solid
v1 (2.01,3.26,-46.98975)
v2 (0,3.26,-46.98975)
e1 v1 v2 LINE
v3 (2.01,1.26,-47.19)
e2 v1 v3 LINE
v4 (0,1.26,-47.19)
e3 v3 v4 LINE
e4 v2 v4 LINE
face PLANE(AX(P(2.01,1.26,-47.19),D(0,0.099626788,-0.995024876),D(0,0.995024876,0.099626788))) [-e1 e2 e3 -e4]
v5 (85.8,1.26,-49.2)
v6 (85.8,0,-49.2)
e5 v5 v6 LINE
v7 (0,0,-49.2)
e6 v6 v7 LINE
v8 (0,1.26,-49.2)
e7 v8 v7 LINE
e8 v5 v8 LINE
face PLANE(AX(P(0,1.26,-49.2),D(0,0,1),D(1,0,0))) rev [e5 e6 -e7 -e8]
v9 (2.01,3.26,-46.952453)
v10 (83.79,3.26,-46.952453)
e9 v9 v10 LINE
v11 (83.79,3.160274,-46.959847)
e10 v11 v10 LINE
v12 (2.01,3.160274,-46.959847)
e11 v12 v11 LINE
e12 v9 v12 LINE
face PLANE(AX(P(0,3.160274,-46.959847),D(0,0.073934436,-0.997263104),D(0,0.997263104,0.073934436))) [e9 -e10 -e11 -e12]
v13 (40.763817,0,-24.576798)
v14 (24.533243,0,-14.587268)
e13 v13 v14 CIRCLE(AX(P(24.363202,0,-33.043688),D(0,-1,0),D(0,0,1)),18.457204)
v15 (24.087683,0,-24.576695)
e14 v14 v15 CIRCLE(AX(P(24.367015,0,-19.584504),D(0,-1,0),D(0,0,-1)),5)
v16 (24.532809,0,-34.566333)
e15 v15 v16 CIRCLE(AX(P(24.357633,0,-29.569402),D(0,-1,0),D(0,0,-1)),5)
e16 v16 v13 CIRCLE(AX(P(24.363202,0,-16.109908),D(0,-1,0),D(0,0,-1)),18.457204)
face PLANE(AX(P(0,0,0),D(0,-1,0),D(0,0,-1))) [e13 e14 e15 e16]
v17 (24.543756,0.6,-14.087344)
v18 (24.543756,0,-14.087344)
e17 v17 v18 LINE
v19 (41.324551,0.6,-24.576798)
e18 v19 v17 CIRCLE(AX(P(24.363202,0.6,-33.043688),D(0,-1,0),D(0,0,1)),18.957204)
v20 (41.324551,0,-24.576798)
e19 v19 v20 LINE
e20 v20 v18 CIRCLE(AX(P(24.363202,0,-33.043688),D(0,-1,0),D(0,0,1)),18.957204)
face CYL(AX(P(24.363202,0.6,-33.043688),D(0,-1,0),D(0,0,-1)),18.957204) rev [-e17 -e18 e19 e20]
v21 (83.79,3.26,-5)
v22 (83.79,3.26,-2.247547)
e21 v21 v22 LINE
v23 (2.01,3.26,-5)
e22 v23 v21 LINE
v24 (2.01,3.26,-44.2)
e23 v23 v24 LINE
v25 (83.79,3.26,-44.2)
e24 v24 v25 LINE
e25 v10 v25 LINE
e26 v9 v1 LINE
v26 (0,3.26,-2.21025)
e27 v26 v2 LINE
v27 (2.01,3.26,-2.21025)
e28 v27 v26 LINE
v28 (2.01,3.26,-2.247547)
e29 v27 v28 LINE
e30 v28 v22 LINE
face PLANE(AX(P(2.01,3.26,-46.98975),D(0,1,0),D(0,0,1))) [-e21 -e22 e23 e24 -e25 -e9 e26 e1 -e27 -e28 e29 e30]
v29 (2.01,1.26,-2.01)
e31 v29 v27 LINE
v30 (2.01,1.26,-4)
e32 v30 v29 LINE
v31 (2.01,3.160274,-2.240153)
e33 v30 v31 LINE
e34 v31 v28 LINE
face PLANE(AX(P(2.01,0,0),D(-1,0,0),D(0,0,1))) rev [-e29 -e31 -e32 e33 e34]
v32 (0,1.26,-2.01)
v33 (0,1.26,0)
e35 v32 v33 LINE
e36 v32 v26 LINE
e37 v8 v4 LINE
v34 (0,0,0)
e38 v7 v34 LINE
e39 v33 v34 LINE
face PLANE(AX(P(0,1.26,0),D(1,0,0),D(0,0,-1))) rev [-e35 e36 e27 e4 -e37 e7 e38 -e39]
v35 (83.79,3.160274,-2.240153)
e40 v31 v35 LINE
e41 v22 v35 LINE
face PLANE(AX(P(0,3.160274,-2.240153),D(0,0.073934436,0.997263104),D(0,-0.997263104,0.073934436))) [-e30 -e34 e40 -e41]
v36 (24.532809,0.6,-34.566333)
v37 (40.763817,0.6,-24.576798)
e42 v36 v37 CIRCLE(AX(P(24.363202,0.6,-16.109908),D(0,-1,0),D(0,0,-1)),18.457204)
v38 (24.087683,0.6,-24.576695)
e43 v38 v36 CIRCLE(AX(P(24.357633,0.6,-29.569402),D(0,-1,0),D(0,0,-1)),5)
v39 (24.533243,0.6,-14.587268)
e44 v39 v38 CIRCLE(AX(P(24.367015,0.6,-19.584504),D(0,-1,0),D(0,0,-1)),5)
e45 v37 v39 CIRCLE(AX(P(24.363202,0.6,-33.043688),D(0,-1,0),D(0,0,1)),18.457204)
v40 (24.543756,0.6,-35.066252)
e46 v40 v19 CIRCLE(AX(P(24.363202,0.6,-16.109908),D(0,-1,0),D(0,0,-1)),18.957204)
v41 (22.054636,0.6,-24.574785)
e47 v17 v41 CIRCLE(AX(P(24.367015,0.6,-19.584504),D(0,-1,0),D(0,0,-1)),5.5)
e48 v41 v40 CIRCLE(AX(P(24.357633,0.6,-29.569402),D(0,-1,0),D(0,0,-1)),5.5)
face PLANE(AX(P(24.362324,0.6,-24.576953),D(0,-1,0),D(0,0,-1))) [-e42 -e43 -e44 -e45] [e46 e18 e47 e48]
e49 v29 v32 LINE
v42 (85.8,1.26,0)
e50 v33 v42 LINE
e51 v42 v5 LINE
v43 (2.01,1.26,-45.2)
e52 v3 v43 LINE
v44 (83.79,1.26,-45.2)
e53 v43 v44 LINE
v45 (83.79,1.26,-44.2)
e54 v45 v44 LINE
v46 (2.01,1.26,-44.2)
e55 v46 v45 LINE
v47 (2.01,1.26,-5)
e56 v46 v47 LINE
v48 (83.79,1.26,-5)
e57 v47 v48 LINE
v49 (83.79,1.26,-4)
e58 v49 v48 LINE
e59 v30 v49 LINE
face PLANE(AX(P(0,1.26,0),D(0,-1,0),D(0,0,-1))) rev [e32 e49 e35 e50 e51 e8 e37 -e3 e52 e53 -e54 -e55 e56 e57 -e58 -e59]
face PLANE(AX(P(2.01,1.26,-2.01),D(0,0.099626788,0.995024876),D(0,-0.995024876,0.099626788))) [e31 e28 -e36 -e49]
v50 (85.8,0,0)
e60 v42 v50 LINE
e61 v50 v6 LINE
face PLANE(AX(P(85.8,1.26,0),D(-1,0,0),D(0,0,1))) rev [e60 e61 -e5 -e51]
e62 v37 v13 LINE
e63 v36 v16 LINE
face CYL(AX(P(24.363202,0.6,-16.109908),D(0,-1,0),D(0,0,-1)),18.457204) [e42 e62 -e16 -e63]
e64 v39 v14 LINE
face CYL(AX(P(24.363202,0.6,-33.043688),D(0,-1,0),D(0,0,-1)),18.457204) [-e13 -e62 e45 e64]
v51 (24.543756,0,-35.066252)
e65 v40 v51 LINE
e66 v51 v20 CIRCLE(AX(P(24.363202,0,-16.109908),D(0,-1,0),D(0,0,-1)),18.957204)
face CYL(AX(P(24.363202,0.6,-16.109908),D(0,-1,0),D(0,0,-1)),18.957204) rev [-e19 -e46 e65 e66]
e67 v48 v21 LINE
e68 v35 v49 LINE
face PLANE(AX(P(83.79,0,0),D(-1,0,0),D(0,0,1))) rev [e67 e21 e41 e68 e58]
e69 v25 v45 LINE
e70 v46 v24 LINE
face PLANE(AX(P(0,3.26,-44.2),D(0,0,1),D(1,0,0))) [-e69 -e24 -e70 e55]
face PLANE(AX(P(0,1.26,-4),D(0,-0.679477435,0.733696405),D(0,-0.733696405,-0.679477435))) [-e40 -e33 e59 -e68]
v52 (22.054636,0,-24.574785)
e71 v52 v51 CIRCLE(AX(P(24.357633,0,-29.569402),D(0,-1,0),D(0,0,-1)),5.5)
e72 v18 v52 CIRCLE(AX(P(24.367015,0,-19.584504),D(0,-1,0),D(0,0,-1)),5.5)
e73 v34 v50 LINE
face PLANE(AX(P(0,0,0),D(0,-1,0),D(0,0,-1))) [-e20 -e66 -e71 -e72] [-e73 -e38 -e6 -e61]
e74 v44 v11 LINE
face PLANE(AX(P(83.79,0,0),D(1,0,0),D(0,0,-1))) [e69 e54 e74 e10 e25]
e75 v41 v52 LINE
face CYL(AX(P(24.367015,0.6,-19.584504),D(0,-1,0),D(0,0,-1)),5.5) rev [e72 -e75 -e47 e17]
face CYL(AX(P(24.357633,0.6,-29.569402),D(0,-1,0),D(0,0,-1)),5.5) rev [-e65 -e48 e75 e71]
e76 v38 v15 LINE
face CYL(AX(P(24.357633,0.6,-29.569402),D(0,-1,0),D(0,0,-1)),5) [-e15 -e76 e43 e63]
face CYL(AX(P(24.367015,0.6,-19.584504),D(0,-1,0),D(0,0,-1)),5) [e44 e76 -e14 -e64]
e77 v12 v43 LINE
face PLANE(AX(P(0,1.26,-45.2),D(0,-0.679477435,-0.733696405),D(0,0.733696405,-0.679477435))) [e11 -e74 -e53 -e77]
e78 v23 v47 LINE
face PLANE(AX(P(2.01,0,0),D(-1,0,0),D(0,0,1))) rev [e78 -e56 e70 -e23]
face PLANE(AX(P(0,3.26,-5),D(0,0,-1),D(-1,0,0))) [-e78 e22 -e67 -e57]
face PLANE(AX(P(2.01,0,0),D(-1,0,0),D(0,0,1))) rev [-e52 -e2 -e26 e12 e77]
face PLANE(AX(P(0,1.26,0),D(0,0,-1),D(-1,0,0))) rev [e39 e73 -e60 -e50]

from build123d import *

# Parameters (mm, degrees)
ESBO_O1_W                = 85.8
ESBO_O1_H                = 49.2
RESSALTO_EXTRUS_O1_DEPTH = 1.26
RESSALTO_EXTRUS_O5_DEPTH = 2.01
RESSALTO_EXTRUS_O6_REACH = 102.969
RESSALTO_EXTRUS_O6_START = -2.01
CORTE_EXTRUS_O4_DEPTH    = 0.6


with BuildPart() as part:
    # Esboço1 → Ressalto-extrusão1 (new body)
    with BuildSketch(Plane(origin=(0, 0, 0), x_dir=(1, 0, 0), z_dir=(0, 1, 0))):
        with Locations((42.9, 24.6)):
            Rectangle(ESBO_O1_W, ESBO_O1_H)
    extrude(amount=RESSALTO_EXTRUS_O1_DEPTH)

    # Esboço9 → Ressalto-extrusão5 (add)
    with BuildSketch(Plane.ZY):
        Polygon((-47.19, 1.26), (-46.989750156, 3.26), (-2.210249844, 3.26), (-2.01, 1.26), align=None)
    extrude(amount=-RESSALTO_EXTRUS_O5_DEPTH)

    # Esboço11 → Ressalto-extrusão6 (add, up to next)
    with BuildSketch(Plane(origin=(85.8, 0, 0), x_dir=(0, 0, -1), z_dir=(1, 0, 0)).offset(RESSALTO_EXTRUS_O6_START), mode=Mode.PRIVATE) as ressalto_extrus_o6_sk1:
        Polygon((44.2, 1.26), (45.2, 1.26), (46.959846557, 3.16027369), (46.952453114, 3.26), (44.2, 3.26), align=None)
    ressalto_extrus_o6_tool1 = extrude(ressalto_extrus_o6_sk1.sketch, amount=-RESSALTO_EXTRUS_O6_REACH, mode=Mode.PRIVATE) - part.part
    # Esboço11 → Ressalto-extrusão6 (add, up to next)
    with BuildSketch(Plane(origin=(85.8, 0, 0), x_dir=(0, 0, -1), z_dir=(1, 0, 0)).offset(RESSALTO_EXTRUS_O6_START), mode=Mode.PRIVATE) as ressalto_extrus_o6_sk2:
        Polygon((5, 3.26), (5, 1.26), (4, 1.26), (2.240153443, 3.16027369), (2.247546886, 3.26), align=None)
    ressalto_extrus_o6_tool2 = extrude(ressalto_extrus_o6_sk2.sketch, amount=-RESSALTO_EXTRUS_O6_REACH, mode=Mode.PRIVATE) - part.part
    add(ressalto_extrus_o6_tool1.solids().sort_by_distance((83.79, 2.41923, -45.235001))[0])
    add(ressalto_extrus_o6_tool2.solids().sort_by_distance((83.79, 2.41923, -3.964999))[0])

    # Esboço8 → Corte-extrusão4 (cut)
    with BuildSketch(Plane.XZ):
        with BuildLine():
            ThreePointArc((22.054636183, -24.574784692), (19.006183567, -30.839043664), (24.543756305, -35.066252199))
            ThreePointArc((24.543756305, -35.066252199), (34.411504106, -32.18495748), (41.324551108, -24.576798237))
            ThreePointArc((41.324551108, -24.576798237), (34.411504106, -16.968638994), (24.543756305, -14.087344275))
            ThreePointArc((24.543756305, -14.087344275), (19.015675216, -18.314400935), (22.054636183, -24.574784692))
        make_face()
        with BuildLine():
            ThreePointArc((24.533243249, -14.587267716), (19.371981333, -19.36170914), (24.08768254, -24.576695007))
            ThreePointArc((24.08768254, -24.576695007), (19.36258934, -29.791975707), (24.532809194, -34.566332751))
            ThreePointArc((24.532809194, -34.566332751), (34.03743393, -31.828610978), (40.763816601, -24.576798237))
            ThreePointArc((40.763816601, -24.576798237), (34.037618764, -17.325099255), (24.533243249, -14.587267716))
        make_face(mode=Mode.SUBTRACT)
    extrude(amount=-CORTE_EXTRUS_O4_DEPTH, mode=Mode.SUBTRACT)


solid = part.part
